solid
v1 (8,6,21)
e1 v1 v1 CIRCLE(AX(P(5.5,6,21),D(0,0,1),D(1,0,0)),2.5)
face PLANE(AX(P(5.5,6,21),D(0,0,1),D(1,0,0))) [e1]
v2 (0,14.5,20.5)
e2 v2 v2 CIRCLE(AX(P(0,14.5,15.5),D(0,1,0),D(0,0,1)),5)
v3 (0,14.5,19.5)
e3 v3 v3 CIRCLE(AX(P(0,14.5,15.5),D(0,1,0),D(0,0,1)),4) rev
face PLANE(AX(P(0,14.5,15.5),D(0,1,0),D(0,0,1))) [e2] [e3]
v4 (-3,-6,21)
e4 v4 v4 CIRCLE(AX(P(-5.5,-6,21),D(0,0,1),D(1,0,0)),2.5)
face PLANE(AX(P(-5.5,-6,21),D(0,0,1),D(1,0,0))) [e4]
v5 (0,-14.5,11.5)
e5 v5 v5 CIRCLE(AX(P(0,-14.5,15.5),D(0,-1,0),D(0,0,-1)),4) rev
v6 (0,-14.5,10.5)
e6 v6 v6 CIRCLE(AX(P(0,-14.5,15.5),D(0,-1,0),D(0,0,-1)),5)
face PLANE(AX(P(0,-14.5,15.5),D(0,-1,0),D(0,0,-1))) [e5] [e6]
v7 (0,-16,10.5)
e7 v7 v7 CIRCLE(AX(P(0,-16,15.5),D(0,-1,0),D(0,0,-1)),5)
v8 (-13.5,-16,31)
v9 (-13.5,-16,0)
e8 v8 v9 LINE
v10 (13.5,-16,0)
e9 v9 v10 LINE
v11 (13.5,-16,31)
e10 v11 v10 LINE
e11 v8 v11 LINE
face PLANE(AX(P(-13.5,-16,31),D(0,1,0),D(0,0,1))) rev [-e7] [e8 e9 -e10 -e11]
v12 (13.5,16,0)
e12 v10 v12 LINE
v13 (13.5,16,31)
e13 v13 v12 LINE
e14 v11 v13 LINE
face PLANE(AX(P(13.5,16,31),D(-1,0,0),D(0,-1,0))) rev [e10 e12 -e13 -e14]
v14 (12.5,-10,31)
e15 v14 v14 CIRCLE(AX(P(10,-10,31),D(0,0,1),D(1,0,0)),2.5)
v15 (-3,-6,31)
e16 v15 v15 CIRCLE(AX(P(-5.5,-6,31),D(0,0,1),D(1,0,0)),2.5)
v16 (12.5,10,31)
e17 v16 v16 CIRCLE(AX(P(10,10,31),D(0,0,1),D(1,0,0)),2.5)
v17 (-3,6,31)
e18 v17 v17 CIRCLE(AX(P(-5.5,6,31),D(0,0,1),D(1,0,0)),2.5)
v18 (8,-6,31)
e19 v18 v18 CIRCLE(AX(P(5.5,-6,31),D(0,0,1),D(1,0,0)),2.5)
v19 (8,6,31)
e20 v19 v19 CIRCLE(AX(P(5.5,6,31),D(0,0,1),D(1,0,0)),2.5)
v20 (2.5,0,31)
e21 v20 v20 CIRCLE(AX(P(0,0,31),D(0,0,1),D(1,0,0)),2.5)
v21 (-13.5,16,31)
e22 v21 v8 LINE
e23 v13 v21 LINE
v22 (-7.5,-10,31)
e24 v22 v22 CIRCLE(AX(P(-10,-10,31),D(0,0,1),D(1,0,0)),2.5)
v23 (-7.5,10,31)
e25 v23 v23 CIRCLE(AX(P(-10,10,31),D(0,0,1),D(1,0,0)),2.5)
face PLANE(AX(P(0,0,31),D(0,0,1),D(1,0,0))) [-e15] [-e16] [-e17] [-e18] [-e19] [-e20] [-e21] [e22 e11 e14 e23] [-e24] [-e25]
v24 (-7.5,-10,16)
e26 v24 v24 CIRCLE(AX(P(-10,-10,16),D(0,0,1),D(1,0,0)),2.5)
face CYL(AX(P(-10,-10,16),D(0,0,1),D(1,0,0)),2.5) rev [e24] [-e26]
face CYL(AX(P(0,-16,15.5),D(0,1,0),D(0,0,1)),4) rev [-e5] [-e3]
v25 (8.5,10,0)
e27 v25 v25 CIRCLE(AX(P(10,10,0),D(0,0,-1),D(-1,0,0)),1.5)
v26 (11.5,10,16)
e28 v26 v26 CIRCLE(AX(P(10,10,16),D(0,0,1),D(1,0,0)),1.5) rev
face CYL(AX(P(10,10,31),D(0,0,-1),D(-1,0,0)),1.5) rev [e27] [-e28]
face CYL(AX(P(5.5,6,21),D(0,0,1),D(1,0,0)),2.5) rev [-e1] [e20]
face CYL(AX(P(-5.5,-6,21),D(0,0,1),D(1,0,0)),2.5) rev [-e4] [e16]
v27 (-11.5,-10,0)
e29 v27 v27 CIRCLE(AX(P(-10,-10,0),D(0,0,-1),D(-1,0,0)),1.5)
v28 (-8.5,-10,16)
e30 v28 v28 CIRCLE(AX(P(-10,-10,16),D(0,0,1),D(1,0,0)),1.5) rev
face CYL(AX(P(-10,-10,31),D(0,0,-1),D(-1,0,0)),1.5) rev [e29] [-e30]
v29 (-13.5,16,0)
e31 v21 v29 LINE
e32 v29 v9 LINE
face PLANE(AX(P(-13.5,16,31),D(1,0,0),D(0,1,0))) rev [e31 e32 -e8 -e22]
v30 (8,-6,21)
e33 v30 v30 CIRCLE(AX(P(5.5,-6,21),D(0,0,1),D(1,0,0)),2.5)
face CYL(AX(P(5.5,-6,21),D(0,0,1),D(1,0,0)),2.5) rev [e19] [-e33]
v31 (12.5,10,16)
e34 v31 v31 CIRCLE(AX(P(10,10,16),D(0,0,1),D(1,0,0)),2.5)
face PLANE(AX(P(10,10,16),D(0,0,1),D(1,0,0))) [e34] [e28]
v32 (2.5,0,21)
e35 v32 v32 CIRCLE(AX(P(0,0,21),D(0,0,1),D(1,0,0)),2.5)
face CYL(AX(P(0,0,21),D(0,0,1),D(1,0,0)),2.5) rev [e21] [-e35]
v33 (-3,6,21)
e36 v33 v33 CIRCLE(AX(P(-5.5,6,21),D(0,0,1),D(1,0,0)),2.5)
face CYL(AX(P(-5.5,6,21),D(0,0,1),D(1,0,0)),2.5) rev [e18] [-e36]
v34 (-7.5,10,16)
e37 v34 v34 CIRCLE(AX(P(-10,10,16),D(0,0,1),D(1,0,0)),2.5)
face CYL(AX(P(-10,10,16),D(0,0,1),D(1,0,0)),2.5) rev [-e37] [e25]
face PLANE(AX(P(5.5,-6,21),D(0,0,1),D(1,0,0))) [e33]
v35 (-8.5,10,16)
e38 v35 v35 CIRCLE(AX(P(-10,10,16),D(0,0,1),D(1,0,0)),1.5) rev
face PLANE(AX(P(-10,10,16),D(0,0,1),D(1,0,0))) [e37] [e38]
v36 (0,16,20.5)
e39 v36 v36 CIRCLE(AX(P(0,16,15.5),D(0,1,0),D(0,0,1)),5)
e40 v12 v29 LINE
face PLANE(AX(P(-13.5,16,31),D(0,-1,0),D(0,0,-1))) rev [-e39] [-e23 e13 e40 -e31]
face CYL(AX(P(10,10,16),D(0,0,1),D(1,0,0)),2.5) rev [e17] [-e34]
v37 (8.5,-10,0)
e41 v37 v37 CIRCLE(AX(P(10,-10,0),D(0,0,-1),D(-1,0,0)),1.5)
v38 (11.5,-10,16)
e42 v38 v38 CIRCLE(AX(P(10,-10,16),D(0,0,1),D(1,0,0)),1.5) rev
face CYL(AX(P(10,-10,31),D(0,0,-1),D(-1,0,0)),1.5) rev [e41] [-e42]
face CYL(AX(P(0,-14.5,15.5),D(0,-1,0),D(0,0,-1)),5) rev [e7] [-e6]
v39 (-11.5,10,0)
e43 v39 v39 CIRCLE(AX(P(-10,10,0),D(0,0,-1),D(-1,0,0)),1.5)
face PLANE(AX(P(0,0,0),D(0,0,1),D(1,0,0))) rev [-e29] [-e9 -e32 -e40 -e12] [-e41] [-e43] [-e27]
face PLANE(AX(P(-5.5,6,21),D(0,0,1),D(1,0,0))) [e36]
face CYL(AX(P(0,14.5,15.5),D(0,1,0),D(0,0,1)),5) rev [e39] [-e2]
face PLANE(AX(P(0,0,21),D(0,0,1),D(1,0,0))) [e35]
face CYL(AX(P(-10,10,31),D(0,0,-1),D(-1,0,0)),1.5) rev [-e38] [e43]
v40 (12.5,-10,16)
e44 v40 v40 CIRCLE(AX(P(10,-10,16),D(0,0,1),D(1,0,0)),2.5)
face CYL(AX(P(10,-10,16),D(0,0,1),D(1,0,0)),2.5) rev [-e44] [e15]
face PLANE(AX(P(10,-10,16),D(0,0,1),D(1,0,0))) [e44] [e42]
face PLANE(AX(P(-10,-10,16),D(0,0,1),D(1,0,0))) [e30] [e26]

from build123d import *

# Parameters (mm, degrees)
SCHIZZO1_W                   = 27
SCHIZZO1_H                   = 32
ESTRUSIONE_ESTRUSIONE1_DEPTH = 31
SCHIZZO2_R                   = 1.5
TAGLIO_ESTRUSIONE1_DEPTH     = 32
SCHIZZO3_R                   = 4
TAGLIO_ESTRUSIONE2_DEPTH     = 33
SCHIZZO4_R                   = 5
TAGLIO_ESTRUSIONE5_DEPTH     = 1.5
SCHIZZO5_R                   = 5
TAGLIO_ESTRUSIONE6_DEPTH     = 1.5
SCHIZZO6_R                   = 2.5
TAGLIO_ESTRUSIONE7_DEPTH     = 15
SCHIZZO7_R                   = 2.5
TAGLIO_ESTRUSIONE8_DEPTH     = 10


with BuildPart() as part:
    # Schizzo1 → Estrusione-Estrusione1 (new body)
    with BuildSketch(Plane.XY):
        Rectangle(SCHIZZO1_W, SCHIZZO1_H)
    extrude(amount=ESTRUSIONE_ESTRUSIONE1_DEPTH)

    # Schizzo2 → Taglio-Estrusione1 (cut, through all)
    with BuildSketch(Plane(origin=(0, 0, 0), x_dir=(-1, 0, 0), z_dir=(0, 0, -1))):
        with Locations((-10, 10)):
            Circle(SCHIZZO2_R)
        with Locations((10, 10)):
            Circle(SCHIZZO2_R)
        with Locations((10, -10)):
            Circle(SCHIZZO2_R)
        with Locations((-10, -10)):
            Circle(SCHIZZO2_R)
    extrude(amount=-TAGLIO_ESTRUSIONE1_DEPTH, mode=Mode.SUBTRACT)

    # Schizzo3 → Taglio-Estrusione2 (cut, through all)
    with BuildSketch(Plane(origin=(0, 16, 0), x_dir=(1, 0, 0), z_dir=(0, 1, 0))):
        with Locations((0, -15.5)):
            Circle(SCHIZZO3_R)
    extrude(amount=-TAGLIO_ESTRUSIONE2_DEPTH, mode=Mode.SUBTRACT)

    # Schizzo4 → Taglio-Estrusione5 (cut)
    with BuildSketch(Plane(origin=(0, 16, 0), x_dir=(1, 0, 0), z_dir=(0, 1, 0))):
        with Locations((0, -15.5)):
            Circle(SCHIZZO4_R)
    extrude(amount=-TAGLIO_ESTRUSIONE5_DEPTH, mode=Mode.SUBTRACT)

    # Schizzo5 → Taglio-Estrusione6 (cut)
    with BuildSketch(Plane.XZ.offset(16)):
        with Locations((0, 15.5)):
            Circle(SCHIZZO5_R)
    extrude(amount=-TAGLIO_ESTRUSIONE6_DEPTH, mode=Mode.SUBTRACT)

    # Schizzo6 → Taglio-Estrusione7 (cut)
    with BuildSketch(Plane.XY.offset(31)):
        with Locations((-10, 10)):
            Circle(SCHIZZO6_R)
        with Locations((10, 10)):
            Circle(SCHIZZO6_R)
        with Locations((10, -10)):
            Circle(SCHIZZO6_R)
        with Locations((-10, -10)):
            Circle(SCHIZZO6_R)
    extrude(amount=-TAGLIO_ESTRUSIONE7_DEPTH, mode=Mode.SUBTRACT)

    # Schizzo7 → Taglio-Estrusione8 (cut)
    with BuildSketch(Plane.XY.offset(31)):
        with Locations((-5.5, 6)):
            Circle(SCHIZZO7_R)
        with Locations((5.5, 6)):
            Circle(SCHIZZO7_R)
        Circle(SCHIZZO7_R)
        with Locations((5.5, -6)):
            Circle(SCHIZZO7_R)
        with Locations((-5.5, -6)):
            Circle(SCHIZZO7_R)
    extrude(amount=-TAGLIO_ESTRUSIONE8_DEPTH, mode=Mode.SUBTRACT)


solid = part.part
